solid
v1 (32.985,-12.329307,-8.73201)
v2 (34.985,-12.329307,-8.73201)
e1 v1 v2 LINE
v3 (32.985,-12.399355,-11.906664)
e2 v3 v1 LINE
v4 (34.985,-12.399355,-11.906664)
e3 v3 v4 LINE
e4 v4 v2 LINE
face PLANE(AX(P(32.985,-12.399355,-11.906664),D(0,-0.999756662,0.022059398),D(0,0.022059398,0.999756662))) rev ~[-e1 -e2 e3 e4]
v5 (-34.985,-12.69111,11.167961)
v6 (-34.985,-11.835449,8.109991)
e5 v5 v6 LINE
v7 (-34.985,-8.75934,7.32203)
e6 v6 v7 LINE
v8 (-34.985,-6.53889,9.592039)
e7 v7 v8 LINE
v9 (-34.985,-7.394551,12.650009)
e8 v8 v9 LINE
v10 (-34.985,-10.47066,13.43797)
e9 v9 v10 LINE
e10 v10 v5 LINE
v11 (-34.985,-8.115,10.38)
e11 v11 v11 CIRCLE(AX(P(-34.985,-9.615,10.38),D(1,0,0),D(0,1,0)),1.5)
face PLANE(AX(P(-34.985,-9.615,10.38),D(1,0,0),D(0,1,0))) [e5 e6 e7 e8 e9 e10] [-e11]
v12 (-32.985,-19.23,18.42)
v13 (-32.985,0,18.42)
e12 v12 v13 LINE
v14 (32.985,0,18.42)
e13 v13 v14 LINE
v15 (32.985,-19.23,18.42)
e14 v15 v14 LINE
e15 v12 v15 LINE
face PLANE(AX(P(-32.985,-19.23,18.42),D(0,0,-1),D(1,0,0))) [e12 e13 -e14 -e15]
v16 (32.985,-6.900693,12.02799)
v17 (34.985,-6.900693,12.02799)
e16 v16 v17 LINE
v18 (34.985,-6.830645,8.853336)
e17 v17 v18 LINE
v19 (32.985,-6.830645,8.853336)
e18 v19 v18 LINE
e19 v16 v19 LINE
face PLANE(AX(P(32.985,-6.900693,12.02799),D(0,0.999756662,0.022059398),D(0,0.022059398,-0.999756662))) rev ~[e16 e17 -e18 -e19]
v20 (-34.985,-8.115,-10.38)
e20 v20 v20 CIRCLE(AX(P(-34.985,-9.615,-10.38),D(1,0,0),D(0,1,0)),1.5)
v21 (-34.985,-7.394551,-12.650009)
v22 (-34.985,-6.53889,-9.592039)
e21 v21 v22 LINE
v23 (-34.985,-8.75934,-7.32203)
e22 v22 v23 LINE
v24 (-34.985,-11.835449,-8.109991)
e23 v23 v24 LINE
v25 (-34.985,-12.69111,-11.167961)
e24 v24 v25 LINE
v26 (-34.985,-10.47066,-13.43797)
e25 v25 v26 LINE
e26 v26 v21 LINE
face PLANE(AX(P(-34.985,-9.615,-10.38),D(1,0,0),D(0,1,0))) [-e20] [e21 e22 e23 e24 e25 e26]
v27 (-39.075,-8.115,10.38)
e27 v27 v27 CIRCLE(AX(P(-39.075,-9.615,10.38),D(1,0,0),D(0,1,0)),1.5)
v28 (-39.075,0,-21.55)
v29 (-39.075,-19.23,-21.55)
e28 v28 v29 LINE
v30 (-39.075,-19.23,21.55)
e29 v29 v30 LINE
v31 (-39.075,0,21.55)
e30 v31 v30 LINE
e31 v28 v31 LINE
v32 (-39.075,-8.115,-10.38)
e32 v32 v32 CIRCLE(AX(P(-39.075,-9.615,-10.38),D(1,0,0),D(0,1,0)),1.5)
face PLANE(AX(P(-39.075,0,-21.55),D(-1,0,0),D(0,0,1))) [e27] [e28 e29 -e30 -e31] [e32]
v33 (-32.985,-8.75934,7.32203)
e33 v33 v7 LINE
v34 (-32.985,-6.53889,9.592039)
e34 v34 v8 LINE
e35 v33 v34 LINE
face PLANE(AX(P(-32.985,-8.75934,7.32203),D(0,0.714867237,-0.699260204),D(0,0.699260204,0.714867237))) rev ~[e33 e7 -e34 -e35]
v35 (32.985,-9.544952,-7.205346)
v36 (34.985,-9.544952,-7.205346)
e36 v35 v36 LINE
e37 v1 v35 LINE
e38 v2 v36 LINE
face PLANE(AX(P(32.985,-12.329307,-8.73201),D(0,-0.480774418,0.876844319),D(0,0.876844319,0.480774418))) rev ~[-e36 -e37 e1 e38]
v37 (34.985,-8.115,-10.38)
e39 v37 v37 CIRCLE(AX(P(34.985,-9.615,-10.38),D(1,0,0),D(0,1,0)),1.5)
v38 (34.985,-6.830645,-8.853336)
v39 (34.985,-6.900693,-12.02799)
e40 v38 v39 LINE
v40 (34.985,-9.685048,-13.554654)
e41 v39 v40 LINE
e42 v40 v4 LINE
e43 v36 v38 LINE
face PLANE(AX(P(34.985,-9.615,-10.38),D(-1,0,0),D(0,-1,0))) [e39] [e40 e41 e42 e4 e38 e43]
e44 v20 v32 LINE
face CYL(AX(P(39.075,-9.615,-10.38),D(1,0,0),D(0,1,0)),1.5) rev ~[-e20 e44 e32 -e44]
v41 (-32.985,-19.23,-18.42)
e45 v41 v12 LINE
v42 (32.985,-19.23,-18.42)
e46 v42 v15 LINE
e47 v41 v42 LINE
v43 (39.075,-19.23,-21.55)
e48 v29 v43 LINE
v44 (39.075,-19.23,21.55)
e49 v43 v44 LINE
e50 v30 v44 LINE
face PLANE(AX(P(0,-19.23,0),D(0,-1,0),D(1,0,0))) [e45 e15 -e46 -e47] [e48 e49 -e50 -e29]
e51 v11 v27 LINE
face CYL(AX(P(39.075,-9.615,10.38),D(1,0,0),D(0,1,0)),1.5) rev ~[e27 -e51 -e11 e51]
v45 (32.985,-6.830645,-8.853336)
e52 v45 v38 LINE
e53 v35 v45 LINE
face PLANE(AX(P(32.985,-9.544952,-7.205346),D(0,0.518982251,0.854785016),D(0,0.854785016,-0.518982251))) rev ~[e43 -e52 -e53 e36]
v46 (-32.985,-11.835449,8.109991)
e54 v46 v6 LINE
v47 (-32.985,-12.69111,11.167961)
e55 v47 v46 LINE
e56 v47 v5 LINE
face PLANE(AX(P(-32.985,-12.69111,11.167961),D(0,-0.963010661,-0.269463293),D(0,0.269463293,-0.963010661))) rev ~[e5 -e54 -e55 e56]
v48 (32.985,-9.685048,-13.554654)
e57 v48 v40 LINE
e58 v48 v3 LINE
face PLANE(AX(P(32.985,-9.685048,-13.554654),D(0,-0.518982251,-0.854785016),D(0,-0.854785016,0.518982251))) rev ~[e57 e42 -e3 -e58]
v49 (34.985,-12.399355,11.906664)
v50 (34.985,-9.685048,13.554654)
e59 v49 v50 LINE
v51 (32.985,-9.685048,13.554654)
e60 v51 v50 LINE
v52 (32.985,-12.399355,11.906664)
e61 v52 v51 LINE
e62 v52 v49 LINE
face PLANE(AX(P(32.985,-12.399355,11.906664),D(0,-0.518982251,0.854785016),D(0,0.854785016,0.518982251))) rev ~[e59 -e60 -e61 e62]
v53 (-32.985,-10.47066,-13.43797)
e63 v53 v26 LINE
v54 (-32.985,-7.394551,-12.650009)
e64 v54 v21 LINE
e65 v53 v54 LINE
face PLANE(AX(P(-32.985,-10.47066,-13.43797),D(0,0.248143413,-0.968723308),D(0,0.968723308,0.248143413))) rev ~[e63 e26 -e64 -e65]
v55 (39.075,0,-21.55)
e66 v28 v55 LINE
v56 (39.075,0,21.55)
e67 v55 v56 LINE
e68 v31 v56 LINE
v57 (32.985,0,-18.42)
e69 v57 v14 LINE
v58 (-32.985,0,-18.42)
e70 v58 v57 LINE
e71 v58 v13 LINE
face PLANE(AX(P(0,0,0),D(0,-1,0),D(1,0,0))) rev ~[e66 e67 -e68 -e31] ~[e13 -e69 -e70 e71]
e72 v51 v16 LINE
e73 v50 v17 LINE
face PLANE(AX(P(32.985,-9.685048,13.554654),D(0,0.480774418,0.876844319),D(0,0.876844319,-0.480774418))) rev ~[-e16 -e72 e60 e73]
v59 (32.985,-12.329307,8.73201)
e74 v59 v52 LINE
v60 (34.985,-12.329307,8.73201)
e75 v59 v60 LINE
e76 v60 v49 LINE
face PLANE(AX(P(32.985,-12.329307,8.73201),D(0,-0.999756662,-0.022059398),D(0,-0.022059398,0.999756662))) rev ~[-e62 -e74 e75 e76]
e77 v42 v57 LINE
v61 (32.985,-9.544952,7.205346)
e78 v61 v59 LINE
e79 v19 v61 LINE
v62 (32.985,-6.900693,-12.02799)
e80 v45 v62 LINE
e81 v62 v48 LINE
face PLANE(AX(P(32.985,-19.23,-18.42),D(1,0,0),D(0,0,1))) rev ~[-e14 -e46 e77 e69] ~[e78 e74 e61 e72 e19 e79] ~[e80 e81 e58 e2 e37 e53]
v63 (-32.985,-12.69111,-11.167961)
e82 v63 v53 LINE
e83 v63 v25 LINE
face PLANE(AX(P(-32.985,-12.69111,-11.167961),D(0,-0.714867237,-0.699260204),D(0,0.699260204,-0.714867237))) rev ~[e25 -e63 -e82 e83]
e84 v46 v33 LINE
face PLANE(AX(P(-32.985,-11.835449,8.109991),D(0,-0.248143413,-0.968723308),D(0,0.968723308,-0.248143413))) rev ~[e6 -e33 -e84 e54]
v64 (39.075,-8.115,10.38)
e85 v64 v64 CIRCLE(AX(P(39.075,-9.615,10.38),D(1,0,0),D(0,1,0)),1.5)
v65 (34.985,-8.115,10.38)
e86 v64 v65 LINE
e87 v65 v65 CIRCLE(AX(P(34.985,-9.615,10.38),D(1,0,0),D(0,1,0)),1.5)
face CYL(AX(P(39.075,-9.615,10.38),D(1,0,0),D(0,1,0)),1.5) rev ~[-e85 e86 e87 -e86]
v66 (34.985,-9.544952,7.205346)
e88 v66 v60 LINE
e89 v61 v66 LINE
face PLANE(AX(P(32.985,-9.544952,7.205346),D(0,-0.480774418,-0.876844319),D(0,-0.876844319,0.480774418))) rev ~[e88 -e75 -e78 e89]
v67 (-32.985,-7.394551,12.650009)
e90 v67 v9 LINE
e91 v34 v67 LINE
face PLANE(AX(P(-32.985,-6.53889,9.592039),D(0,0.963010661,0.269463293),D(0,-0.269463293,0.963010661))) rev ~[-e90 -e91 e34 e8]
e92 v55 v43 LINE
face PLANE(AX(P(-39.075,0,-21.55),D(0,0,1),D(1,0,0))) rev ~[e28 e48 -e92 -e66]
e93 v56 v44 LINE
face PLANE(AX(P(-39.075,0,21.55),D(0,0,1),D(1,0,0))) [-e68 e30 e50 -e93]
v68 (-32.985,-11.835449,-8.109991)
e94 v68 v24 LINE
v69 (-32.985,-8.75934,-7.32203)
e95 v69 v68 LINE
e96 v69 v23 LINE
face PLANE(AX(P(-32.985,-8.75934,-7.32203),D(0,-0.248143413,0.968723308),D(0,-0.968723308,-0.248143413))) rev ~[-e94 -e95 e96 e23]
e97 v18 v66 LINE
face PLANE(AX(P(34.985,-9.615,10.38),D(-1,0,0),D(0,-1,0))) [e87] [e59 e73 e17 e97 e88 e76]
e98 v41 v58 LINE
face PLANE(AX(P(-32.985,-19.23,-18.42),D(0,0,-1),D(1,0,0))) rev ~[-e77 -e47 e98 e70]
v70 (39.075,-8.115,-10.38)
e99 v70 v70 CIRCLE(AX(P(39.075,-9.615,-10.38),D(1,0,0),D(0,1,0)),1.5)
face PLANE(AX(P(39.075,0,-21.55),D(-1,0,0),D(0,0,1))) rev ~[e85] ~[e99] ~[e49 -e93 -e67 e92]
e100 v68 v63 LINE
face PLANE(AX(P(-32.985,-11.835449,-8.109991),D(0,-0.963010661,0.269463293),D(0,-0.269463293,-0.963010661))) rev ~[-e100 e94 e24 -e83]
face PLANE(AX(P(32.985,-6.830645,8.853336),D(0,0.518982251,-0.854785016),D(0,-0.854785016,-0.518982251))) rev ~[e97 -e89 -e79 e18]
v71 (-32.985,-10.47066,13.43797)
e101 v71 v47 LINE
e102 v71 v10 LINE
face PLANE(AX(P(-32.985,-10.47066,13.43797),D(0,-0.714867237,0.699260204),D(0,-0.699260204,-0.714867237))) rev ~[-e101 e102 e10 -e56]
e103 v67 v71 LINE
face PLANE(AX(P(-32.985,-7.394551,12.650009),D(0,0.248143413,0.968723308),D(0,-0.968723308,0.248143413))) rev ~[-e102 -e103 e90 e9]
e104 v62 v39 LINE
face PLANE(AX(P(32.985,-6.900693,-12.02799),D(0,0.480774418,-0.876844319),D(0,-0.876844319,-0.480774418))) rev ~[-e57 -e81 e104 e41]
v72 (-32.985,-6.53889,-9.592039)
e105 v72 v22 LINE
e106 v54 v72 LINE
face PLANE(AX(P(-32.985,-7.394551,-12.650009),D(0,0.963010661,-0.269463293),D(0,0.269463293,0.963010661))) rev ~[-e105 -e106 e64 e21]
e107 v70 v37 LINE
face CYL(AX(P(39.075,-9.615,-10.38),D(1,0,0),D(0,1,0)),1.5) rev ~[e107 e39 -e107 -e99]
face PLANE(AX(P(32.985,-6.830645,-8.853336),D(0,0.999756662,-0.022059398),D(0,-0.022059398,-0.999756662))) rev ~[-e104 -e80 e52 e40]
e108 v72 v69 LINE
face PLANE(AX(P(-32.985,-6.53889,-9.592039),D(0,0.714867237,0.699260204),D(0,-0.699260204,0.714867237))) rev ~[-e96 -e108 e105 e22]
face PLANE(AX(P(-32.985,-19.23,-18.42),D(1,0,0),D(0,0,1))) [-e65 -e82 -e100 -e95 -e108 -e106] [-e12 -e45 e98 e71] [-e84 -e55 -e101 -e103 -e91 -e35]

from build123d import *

# Parameters (mm, degrees)
F0_W     = 78.15
F0_H     = 43.1
F1_DEPTH = 19.23
F2_W     = 65.97
F2_H     = 36.84
F3_DEPTH = 35
F4_R     = 1.5
F5_DEPTH = 80
F6_R     = 1.5
F7_DEPTH = 2
F9_DEPTH = 2


with BuildPart() as f1:
    # F0 (on Front) → F1 (new body)
    with BuildSketch(Plane.XZ):
        Rectangle(F0_W, F0_H)
    extrude(amount=F1_DEPTH)

    # F2 (on face) → F3 (cut)
    with BuildSketch(Plane.XZ.offset(19.23)):
        Rectangle(F2_W, F2_H)
    extrude(amount=-F3_DEPTH, mode=Mode.SUBTRACT)

    # F4 (on face) → F5 (cut)
    with BuildSketch(Plane.YZ.offset(39.075)):
        with Locations((-9.615, -10.38)):
            Circle(F4_R)
        with Locations((-9.615, 10.38)):
            Circle(F4_R)
    extrude(amount=-F5_DEPTH, mode=Mode.SUBTRACT)

    # F6 (on face) → F7 (cut)
    with BuildSketch(Plane.YZ.offset(-32.985)):
        Polygon((-8.75934, 7.32203), (-6.53889, 9.592039), (-7.394551, 12.650009), (-10.47066, 13.43797), (-12.69111, 11.167961), (-11.835449, 8.109991), align=None)
        with Locations((-9.615, 10.38)):
            Circle(F6_R, mode=Mode.SUBTRACT)
        Polygon((-7.394551, -12.650009), (-6.53889, -9.592039), (-8.75934, -7.32203), (-11.835449, -8.109991), (-12.69111, -11.167961), (-10.47066, -13.43797), align=None)
        with Locations((-9.615, -10.38)):
            Circle(F6_R, mode=Mode.SUBTRACT)
    extrude(amount=-F7_DEPTH, mode=Mode.SUBTRACT)

    # F8 (on face) → F9 (cut)
    with BuildSketch(Plane(origin=(32.985, 0, 0), x_dir=(0, -1, 0), z_dir=(-1, 0, 0))):
        Polygon((9.685048, 13.554654), (6.900693, 12.02799), (6.830645, 8.853336), (9.544952, 7.205346), (12.329307, 8.73201), (12.399355, 11.906664), align=None)
        Polygon((6.900693, -12.02799), (9.685048, -13.554654), (12.399355, -11.906664), (12.329307, -8.73201), (9.544952, -7.205346), (6.830645, -8.853336), align=None)
    extrude(amount=-F9_DEPTH, mode=Mode.SUBTRACT)


solid = f1.part
